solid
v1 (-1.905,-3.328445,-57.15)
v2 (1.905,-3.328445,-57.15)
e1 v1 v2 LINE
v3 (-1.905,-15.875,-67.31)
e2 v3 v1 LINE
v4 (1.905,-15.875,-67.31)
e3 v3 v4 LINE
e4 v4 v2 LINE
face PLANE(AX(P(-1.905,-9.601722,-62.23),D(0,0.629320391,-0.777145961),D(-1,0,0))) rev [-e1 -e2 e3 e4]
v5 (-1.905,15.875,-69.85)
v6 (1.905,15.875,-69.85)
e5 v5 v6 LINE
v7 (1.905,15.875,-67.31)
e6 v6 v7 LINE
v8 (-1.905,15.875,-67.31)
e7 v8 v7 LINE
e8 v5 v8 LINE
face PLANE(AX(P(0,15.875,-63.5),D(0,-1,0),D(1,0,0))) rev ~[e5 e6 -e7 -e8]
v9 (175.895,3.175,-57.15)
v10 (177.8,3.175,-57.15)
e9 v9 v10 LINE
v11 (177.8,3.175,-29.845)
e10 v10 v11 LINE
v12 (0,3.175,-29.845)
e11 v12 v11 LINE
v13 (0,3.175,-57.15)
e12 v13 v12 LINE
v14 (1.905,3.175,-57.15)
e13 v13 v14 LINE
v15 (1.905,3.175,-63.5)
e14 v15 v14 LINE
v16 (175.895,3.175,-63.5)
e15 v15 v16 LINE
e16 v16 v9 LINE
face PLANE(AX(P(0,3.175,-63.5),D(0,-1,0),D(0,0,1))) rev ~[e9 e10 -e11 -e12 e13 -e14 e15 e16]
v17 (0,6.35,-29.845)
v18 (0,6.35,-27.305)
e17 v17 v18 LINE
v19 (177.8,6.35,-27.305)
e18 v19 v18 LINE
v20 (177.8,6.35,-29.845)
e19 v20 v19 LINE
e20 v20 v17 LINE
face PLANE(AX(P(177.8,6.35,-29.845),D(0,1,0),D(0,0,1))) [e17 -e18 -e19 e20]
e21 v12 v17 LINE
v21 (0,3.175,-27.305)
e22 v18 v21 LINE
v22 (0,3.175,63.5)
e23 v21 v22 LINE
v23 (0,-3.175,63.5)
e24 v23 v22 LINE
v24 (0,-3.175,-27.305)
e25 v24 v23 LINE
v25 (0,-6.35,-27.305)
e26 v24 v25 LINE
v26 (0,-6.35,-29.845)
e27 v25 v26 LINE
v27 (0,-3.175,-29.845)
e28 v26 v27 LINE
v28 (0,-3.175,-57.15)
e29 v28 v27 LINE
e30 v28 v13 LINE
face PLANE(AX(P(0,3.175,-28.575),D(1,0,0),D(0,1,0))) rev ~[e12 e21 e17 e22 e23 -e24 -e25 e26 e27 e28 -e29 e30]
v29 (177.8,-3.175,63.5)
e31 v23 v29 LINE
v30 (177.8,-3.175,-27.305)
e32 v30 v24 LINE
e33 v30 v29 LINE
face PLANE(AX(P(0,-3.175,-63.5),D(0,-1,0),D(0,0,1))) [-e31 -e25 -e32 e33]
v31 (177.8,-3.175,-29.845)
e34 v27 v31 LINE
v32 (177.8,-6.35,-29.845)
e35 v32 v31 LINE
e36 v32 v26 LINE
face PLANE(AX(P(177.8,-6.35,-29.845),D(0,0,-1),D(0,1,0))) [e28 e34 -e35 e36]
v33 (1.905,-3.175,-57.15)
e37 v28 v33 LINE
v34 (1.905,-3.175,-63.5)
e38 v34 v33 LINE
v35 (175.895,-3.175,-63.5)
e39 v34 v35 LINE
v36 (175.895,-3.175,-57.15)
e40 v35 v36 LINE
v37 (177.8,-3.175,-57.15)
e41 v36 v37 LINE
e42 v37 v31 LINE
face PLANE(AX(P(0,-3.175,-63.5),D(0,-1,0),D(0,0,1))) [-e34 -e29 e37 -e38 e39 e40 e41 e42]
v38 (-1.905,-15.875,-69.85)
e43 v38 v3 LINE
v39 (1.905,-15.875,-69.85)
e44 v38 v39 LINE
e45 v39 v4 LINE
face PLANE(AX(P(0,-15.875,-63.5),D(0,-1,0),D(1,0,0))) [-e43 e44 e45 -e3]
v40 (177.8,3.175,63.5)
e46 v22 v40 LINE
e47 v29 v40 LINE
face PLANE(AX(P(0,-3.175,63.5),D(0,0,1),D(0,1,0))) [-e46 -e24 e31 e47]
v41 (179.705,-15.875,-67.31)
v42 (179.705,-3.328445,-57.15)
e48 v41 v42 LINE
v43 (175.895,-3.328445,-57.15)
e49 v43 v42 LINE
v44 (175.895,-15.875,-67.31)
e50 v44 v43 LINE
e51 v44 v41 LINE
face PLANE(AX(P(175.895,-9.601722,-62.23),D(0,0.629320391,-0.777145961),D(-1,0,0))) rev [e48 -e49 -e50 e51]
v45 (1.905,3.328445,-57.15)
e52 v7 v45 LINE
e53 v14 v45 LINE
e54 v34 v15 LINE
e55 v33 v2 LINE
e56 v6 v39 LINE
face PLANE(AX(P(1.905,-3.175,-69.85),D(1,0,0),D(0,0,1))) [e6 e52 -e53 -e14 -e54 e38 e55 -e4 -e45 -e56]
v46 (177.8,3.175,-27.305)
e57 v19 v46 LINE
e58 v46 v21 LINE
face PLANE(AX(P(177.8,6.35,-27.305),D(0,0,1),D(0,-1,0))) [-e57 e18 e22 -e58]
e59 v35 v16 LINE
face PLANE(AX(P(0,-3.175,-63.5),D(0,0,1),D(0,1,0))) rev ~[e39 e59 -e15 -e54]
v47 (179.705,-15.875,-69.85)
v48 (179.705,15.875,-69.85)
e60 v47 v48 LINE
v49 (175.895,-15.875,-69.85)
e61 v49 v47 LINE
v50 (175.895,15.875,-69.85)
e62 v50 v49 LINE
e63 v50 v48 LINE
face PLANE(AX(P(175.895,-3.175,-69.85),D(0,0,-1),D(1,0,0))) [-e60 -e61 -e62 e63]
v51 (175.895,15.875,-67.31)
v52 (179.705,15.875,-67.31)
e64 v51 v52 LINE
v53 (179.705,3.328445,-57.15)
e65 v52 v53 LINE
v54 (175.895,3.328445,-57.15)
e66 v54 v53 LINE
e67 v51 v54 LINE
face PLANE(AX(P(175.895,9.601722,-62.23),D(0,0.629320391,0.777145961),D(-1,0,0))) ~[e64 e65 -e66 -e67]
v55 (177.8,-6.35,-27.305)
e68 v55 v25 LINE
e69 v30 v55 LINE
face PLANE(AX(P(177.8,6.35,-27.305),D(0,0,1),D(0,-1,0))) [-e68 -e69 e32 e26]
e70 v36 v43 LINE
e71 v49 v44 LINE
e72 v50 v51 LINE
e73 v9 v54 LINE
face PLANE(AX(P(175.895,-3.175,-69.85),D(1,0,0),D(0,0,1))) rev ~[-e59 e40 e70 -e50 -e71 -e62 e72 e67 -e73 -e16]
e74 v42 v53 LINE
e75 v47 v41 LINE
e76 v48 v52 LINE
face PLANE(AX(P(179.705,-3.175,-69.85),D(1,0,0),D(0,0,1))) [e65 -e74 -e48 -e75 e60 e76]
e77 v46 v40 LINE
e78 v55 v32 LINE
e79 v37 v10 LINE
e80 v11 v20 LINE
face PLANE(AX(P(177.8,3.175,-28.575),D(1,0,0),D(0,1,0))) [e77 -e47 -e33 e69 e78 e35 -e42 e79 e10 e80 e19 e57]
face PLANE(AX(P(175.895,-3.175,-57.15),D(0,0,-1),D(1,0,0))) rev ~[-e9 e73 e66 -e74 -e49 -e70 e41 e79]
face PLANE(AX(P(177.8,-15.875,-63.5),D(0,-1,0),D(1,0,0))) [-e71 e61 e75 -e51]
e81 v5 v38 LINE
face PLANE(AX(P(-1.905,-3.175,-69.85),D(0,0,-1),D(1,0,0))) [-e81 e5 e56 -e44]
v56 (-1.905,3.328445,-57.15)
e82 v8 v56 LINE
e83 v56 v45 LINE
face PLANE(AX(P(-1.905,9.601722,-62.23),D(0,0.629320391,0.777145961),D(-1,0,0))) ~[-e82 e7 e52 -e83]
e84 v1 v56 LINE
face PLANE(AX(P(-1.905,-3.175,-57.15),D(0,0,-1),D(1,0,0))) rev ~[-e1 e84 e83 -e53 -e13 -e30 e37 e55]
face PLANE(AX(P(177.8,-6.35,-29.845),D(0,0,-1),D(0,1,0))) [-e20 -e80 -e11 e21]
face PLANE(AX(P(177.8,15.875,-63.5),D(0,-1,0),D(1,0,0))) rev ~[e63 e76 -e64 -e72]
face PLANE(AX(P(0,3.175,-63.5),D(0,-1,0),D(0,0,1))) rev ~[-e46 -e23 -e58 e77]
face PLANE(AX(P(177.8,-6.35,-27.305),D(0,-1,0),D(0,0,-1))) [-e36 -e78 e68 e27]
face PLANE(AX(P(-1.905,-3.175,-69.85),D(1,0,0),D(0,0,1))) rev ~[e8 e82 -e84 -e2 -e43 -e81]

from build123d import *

# Parameters (mm, degrees)
F0_W          = 6.35
F0_H          = 127
F1_DEPTH      = 177.8
F2_W          = 3.81
F2_H          = 12.7
F3_DEPTH      = 12.7
F3_DEPTH_BACK = 19.05
F4_SIZE2      = 12.5465551104
F4_SIZE       = 10.16
F4_2_SIZE2    = 12.5465551104
F4_2_SIZE     = 10.16
F4_3_SIZE2    = 12.5465551104
F4_3_SIZE     = 10.16
F5_SIZE2      = 12.5465551104
F5_SIZE       = 10.16
F7_DEPTH      = 177.8


with BuildPart() as f1:
    # F0 (on Right) → F1 (new body)
    with BuildSketch(Plane.YZ):
        Rectangle(F0_W, F0_H)
    extrude(amount=F1_DEPTH)

    # F2 (on face) → F3 (join, two sides)
    with BuildSketch(Plane.XZ.offset(3.175)) as f3_sk:
        with Locations((0, -63.5)):
            Rectangle(F2_W, F2_H)
        with Locations((177.8, -63.5)):
            Rectangle(F2_W, F2_H)
    extrude(amount=F3_DEPTH)
    extrude(f3_sk.sketch, amount=-F3_DEPTH_BACK)

    # F4
    f4_edges = [f1.edges().sort_by_distance(p)[0] for p in [
        (177.8, -15.875, -57.15),
    ]]
    f4_side = f1.faces().sort_by_distance((177.8, -15.875, -63.5))[0]
    chamfer(f4_edges, length=F4_SIZE, length2=F4_SIZE2, reference=f4_side)

    # F4#2
    f4_2_edges = [f1.edges().sort_by_distance(p)[0] for p in [
        (177.8, 15.875, -57.15),
    ]]
    f4_2_side = f1.faces().sort_by_distance((177.8, 15.875, -63.5))[0]
    chamfer(f4_2_edges, length=F4_2_SIZE, length2=F4_2_SIZE2, reference=f4_2_side)

    # F4#3
    f4_3_edges = [f1.edges().sort_by_distance(p)[0] for p in [
        (0, -15.875, -57.15),
    ]]
    f4_3_side = f1.faces().sort_by_distance((0, -15.875, -63.5))[0]
    chamfer(f4_3_edges, length=F4_3_SIZE, length2=F4_3_SIZE2, reference=f4_3_side)

    # F5
    f5_edges = [f1.edges().sort_by_distance(p)[0] for p in [
        (0, 15.875, -57.15),
    ]]
    f5_side = f1.faces().sort_by_distance((0, 15.875, -63.5))[0]
    chamfer(f5_edges, length=F5_SIZE, length2=F5_SIZE2, reference=f5_side)

    # F6 (on face) → F7 (join)
    with BuildSketch(Plane.YZ.offset(177.8)):
        Polygon((6.35, -27.305), (0, -27.305), (0, -28.575), (0, -29.845), (6.35, -29.845), align=None)
        Polygon((0, -28.575), (0, -27.305), (-6.35, -27.305), (-6.35, -29.845), (0, -29.845), align=None)
    extrude(amount=-F7_DEPTH)


solid = f1.part
